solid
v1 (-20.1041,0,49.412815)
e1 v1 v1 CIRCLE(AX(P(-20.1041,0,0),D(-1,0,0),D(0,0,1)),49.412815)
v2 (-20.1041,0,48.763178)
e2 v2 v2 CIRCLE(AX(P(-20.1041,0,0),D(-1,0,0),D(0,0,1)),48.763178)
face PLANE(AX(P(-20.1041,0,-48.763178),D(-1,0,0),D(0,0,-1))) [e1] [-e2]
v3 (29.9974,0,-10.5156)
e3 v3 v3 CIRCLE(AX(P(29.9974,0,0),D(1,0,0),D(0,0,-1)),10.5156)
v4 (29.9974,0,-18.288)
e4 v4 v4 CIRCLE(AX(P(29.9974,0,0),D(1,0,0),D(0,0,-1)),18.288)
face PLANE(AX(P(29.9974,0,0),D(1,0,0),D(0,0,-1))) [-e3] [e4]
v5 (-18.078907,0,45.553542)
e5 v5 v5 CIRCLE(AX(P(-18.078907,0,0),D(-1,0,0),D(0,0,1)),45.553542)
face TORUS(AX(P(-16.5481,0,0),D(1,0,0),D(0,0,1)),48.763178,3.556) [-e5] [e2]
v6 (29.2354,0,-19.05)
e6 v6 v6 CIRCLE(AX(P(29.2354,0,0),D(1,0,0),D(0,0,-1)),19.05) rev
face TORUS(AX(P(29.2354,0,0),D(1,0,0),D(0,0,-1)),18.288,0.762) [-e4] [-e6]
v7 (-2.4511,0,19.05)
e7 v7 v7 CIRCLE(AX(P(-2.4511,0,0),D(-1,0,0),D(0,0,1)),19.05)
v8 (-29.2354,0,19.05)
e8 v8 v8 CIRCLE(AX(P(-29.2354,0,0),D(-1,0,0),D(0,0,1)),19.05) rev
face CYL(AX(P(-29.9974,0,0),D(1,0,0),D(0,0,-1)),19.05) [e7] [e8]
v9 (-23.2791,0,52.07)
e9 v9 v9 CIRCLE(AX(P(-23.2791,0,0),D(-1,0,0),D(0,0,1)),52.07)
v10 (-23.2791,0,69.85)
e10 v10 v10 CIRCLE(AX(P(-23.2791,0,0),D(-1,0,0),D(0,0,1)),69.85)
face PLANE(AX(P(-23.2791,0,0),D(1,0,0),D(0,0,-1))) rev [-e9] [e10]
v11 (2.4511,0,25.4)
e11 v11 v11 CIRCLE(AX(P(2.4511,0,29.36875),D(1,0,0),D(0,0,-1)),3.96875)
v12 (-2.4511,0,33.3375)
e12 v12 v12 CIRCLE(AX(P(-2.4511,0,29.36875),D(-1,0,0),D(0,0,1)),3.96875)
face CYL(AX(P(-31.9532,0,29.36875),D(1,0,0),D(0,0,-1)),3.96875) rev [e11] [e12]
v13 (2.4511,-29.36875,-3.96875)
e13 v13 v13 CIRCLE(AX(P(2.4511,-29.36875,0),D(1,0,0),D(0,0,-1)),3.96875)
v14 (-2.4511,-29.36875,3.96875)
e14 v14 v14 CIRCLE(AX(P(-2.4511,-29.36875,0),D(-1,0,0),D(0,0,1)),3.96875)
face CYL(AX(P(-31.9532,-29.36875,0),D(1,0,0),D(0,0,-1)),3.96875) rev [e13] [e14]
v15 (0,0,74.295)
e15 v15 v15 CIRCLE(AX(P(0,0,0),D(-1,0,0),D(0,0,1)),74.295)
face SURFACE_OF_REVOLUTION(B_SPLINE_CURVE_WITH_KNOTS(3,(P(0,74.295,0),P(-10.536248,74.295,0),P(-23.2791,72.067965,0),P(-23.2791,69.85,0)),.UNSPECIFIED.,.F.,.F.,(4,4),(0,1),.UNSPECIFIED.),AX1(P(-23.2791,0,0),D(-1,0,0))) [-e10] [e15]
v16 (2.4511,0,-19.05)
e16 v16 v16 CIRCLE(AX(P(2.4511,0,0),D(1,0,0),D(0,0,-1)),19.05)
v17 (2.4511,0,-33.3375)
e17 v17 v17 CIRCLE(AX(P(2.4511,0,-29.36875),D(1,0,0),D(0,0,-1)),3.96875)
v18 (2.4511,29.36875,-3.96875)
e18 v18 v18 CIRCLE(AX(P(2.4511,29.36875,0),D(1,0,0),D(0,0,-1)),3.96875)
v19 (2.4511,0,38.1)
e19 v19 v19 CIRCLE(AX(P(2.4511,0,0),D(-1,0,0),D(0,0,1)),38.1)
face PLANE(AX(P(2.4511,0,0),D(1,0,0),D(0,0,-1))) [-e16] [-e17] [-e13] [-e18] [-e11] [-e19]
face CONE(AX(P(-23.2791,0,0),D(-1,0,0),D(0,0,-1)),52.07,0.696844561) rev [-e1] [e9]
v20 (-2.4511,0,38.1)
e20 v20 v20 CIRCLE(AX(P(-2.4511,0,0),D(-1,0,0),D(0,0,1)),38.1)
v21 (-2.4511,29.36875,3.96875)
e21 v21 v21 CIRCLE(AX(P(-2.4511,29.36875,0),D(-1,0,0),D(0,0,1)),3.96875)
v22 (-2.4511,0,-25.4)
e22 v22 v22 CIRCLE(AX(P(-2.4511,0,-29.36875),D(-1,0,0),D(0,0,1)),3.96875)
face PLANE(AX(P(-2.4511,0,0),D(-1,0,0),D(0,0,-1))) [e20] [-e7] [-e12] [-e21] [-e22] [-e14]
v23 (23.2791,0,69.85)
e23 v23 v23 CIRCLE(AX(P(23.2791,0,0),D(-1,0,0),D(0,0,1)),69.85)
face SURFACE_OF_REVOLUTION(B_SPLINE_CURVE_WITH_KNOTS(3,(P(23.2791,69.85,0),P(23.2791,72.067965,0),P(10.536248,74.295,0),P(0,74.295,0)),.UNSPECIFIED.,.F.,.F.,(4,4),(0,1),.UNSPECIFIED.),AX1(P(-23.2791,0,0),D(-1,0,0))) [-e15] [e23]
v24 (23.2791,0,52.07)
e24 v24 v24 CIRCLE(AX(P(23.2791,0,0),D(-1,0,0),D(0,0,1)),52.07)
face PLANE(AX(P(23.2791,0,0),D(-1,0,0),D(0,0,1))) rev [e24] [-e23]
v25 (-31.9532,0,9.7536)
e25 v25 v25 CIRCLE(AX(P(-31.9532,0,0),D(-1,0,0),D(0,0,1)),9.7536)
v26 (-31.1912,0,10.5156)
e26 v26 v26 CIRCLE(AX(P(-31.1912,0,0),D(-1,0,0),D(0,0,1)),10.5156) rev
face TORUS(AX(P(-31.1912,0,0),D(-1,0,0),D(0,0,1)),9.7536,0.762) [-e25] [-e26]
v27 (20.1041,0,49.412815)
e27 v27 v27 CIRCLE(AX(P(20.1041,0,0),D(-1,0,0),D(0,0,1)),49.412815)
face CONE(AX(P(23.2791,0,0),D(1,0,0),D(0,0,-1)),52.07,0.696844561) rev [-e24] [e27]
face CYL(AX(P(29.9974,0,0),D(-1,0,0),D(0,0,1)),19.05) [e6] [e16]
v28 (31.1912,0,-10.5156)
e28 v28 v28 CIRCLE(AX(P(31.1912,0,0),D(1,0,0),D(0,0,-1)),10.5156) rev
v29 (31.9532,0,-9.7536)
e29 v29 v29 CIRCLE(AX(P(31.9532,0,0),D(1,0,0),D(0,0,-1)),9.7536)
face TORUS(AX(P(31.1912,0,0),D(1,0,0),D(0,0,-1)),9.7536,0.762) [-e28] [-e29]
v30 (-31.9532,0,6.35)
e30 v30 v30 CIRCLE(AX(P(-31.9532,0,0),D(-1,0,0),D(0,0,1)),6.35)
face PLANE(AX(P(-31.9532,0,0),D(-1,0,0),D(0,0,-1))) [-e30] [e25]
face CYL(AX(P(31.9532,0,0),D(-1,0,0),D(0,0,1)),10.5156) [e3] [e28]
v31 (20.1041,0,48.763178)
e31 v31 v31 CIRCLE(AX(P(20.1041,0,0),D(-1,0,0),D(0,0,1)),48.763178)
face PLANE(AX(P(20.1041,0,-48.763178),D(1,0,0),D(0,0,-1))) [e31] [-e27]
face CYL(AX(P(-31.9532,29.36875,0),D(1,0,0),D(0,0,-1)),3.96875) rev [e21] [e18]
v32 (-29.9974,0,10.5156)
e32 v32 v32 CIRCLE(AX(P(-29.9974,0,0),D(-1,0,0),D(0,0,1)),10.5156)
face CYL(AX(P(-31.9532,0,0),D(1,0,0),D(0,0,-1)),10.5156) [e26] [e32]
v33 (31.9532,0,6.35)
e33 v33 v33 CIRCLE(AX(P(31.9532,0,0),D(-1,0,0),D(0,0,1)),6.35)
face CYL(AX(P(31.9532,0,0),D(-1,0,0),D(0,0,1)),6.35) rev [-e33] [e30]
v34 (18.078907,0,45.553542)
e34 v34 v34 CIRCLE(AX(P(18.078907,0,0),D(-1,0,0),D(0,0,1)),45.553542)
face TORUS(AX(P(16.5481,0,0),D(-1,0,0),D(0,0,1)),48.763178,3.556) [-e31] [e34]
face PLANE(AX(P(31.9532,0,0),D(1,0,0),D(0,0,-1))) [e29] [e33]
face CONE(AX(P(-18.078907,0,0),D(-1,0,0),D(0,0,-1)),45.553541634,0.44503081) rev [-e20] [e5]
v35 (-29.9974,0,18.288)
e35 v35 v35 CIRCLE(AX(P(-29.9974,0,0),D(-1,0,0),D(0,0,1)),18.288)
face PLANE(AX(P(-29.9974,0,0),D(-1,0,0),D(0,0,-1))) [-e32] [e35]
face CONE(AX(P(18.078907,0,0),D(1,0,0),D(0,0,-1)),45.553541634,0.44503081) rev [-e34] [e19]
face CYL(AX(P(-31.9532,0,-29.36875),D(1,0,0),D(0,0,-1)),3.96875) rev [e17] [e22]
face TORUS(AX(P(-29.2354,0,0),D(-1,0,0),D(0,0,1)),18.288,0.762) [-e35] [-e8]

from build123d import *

# Parameters (mm, degrees)
SKETCH8_R            = 19.05
BOSS_EXTRUDE1_DEPTH  = 27.5463
SKETCH9_R            = 10.5156
BOSS_EXTRUDE2_DEPTH  = 1.9558
FILLET4_R            = 0.762
FILLET4_OF_MIRROR2_R = 0.762
SKETCH10_R           = 6.35
CUT_EXTRUDE5_DEPTH   = 64.9064
SKETCH11_R           = 3.96875
CUT_EXTRUDE6_DEPTH   = 35.4043


with BuildPart() as part:
    # Sketch5 → Revolve1 (revolve)
    with BuildSketch(Plane.XY):
        with BuildLine():
            Line((-23.2791, 0), (-23.2791, 69.85))
            add(Edge.make_bspline(
                [(-23.2791, 69.85), (-23.2791, 72.067965362), (-10.536247667, 74.295), (0, 74.295)],
                knots=[0, 0, 0, 0, 1, 1, 1, 1], degree=3))
            add(Edge.make_bspline(
                [(23.2791, 69.85), (23.2791, 72.067965362), (10.536247667, 74.295), (0, 74.295)],
                knots=[0, 0, 0, 0, 1, 1, 1, 1], degree=3))
            Line((23.2791, 69.85), (23.2791, 0))
            Line((23.2791, 0), (-23.2791, 0))
        make_face()
    revolve(axis=Axis((-23.2791, 0, 0), (1, 0, 0)))

    # Sketch7 → Cut-Revolve2 (revolve, cut)
    with BuildSketch(Plane(origin=(0, 0, 0), x_dir=(1, 0, 0), z_dir=(0, 1, 0))):
        with BuildLine():
            Line((2.4511, 0), (2.4511, 38.1))
            Line((2.4511, 38.1), (18.078907112, 45.553541634))
            ThreePointArc((18.078907112, 45.553541634), (19.555481427, 46.865602451), (20.1041, 48.763177998))
            Line((20.1041, 48.763177998), (20.1041, 49.412815204))
            Line((20.1041, 49.412815204), (23.2791, 52.07))
            Line((23.2791, 52.07), (23.2791, 0))
            Line((23.2791, 0), (2.4511, 0))
        make_face()
    cut_revolve2 = revolve(axis=Axis((-1000, 0, 0), (1, 0, 0)), mode=Mode.SUBTRACT)

    # Mirror1: Cut-Revolve2 across plane
    add(cut_revolve2.mirror(Plane(origin=(0, 0, 0), x_dir=(0, 0, 1), z_dir=(1, 0, 0))), mode=Mode.SUBTRACT)

    # Sketch8 → Boss-Extrude1 (add)
    with BuildSketch(Plane(origin=(2.4511, 0, 0), x_dir=(0, 0, -1), z_dir=(1, 0, 0))):
        Circle(SKETCH8_R)
    boss_extrude1 = extrude(amount=BOSS_EXTRUDE1_DEPTH)

    # Sketch9 → Boss-Extrude2 (add)
    with BuildSketch(Plane(origin=(29.9974, 0, 0), x_dir=(0, 0, -1), z_dir=(1, 0, 0))):
        Circle(SKETCH9_R)
    boss_extrude2 = extrude(amount=BOSS_EXTRUDE2_DEPTH)

    # Fillet4
    fillet4_edges = [part.edges().sort_by_distance(p)[0] for p in [
        (29.9974, 0, 19.05),
        (31.9532, 0, 10.5156),
    ]]
    fillet(fillet4_edges, radius=FILLET4_R)

    # Mirror2: Boss-Extrude1, Boss-Extrude2 across plane
    add(boss_extrude1.mirror(Plane(origin=(0, 0, 0), x_dir=(0, 0, 1), z_dir=(1, 0, 0))))
    add(boss_extrude2.mirror(Plane(origin=(0, 0, 0), x_dir=(0, 0, 1), z_dir=(1, 0, 0))))

    # Fillet4 of Mirror2
    fillet4_of_mirror2_edges = [part.edges().sort_by_distance(p)[0] for p in [
        (-29.9974, 0, 19.05),
        (-31.9532, 0, 10.5156),
    ]]
    fillet(fillet4_of_mirror2_edges, radius=FILLET4_OF_MIRROR2_R)

    # Sketch10 → Cut-Extrude5 (cut, through all)
    with BuildSketch(Plane.ZY.offset(31.9532)):
        Circle(SKETCH10_R)
    extrude(amount=-CUT_EXTRUDE5_DEPTH, mode=Mode.SUBTRACT)

    # Sketch11 → Cut-Extrude6 (cut, through all)
    with BuildSketch(Plane(origin=(2.4511, 0, 0), x_dir=(0, 0, -1), z_dir=(1, 0, 0))):
        with Locations((0, 29.36875)):
            Circle(SKETCH11_R)
        with Locations((29.36875, 0)):
            Circle(SKETCH11_R)
        with Locations((0, -29.36875)):
            Circle(SKETCH11_R)
        with Locations((-29.36875, 0)):
            Circle(SKETCH11_R)
    extrude(amount=-CUT_EXTRUDE6_DEPTH, mode=Mode.SUBTRACT)


solid = part.part
